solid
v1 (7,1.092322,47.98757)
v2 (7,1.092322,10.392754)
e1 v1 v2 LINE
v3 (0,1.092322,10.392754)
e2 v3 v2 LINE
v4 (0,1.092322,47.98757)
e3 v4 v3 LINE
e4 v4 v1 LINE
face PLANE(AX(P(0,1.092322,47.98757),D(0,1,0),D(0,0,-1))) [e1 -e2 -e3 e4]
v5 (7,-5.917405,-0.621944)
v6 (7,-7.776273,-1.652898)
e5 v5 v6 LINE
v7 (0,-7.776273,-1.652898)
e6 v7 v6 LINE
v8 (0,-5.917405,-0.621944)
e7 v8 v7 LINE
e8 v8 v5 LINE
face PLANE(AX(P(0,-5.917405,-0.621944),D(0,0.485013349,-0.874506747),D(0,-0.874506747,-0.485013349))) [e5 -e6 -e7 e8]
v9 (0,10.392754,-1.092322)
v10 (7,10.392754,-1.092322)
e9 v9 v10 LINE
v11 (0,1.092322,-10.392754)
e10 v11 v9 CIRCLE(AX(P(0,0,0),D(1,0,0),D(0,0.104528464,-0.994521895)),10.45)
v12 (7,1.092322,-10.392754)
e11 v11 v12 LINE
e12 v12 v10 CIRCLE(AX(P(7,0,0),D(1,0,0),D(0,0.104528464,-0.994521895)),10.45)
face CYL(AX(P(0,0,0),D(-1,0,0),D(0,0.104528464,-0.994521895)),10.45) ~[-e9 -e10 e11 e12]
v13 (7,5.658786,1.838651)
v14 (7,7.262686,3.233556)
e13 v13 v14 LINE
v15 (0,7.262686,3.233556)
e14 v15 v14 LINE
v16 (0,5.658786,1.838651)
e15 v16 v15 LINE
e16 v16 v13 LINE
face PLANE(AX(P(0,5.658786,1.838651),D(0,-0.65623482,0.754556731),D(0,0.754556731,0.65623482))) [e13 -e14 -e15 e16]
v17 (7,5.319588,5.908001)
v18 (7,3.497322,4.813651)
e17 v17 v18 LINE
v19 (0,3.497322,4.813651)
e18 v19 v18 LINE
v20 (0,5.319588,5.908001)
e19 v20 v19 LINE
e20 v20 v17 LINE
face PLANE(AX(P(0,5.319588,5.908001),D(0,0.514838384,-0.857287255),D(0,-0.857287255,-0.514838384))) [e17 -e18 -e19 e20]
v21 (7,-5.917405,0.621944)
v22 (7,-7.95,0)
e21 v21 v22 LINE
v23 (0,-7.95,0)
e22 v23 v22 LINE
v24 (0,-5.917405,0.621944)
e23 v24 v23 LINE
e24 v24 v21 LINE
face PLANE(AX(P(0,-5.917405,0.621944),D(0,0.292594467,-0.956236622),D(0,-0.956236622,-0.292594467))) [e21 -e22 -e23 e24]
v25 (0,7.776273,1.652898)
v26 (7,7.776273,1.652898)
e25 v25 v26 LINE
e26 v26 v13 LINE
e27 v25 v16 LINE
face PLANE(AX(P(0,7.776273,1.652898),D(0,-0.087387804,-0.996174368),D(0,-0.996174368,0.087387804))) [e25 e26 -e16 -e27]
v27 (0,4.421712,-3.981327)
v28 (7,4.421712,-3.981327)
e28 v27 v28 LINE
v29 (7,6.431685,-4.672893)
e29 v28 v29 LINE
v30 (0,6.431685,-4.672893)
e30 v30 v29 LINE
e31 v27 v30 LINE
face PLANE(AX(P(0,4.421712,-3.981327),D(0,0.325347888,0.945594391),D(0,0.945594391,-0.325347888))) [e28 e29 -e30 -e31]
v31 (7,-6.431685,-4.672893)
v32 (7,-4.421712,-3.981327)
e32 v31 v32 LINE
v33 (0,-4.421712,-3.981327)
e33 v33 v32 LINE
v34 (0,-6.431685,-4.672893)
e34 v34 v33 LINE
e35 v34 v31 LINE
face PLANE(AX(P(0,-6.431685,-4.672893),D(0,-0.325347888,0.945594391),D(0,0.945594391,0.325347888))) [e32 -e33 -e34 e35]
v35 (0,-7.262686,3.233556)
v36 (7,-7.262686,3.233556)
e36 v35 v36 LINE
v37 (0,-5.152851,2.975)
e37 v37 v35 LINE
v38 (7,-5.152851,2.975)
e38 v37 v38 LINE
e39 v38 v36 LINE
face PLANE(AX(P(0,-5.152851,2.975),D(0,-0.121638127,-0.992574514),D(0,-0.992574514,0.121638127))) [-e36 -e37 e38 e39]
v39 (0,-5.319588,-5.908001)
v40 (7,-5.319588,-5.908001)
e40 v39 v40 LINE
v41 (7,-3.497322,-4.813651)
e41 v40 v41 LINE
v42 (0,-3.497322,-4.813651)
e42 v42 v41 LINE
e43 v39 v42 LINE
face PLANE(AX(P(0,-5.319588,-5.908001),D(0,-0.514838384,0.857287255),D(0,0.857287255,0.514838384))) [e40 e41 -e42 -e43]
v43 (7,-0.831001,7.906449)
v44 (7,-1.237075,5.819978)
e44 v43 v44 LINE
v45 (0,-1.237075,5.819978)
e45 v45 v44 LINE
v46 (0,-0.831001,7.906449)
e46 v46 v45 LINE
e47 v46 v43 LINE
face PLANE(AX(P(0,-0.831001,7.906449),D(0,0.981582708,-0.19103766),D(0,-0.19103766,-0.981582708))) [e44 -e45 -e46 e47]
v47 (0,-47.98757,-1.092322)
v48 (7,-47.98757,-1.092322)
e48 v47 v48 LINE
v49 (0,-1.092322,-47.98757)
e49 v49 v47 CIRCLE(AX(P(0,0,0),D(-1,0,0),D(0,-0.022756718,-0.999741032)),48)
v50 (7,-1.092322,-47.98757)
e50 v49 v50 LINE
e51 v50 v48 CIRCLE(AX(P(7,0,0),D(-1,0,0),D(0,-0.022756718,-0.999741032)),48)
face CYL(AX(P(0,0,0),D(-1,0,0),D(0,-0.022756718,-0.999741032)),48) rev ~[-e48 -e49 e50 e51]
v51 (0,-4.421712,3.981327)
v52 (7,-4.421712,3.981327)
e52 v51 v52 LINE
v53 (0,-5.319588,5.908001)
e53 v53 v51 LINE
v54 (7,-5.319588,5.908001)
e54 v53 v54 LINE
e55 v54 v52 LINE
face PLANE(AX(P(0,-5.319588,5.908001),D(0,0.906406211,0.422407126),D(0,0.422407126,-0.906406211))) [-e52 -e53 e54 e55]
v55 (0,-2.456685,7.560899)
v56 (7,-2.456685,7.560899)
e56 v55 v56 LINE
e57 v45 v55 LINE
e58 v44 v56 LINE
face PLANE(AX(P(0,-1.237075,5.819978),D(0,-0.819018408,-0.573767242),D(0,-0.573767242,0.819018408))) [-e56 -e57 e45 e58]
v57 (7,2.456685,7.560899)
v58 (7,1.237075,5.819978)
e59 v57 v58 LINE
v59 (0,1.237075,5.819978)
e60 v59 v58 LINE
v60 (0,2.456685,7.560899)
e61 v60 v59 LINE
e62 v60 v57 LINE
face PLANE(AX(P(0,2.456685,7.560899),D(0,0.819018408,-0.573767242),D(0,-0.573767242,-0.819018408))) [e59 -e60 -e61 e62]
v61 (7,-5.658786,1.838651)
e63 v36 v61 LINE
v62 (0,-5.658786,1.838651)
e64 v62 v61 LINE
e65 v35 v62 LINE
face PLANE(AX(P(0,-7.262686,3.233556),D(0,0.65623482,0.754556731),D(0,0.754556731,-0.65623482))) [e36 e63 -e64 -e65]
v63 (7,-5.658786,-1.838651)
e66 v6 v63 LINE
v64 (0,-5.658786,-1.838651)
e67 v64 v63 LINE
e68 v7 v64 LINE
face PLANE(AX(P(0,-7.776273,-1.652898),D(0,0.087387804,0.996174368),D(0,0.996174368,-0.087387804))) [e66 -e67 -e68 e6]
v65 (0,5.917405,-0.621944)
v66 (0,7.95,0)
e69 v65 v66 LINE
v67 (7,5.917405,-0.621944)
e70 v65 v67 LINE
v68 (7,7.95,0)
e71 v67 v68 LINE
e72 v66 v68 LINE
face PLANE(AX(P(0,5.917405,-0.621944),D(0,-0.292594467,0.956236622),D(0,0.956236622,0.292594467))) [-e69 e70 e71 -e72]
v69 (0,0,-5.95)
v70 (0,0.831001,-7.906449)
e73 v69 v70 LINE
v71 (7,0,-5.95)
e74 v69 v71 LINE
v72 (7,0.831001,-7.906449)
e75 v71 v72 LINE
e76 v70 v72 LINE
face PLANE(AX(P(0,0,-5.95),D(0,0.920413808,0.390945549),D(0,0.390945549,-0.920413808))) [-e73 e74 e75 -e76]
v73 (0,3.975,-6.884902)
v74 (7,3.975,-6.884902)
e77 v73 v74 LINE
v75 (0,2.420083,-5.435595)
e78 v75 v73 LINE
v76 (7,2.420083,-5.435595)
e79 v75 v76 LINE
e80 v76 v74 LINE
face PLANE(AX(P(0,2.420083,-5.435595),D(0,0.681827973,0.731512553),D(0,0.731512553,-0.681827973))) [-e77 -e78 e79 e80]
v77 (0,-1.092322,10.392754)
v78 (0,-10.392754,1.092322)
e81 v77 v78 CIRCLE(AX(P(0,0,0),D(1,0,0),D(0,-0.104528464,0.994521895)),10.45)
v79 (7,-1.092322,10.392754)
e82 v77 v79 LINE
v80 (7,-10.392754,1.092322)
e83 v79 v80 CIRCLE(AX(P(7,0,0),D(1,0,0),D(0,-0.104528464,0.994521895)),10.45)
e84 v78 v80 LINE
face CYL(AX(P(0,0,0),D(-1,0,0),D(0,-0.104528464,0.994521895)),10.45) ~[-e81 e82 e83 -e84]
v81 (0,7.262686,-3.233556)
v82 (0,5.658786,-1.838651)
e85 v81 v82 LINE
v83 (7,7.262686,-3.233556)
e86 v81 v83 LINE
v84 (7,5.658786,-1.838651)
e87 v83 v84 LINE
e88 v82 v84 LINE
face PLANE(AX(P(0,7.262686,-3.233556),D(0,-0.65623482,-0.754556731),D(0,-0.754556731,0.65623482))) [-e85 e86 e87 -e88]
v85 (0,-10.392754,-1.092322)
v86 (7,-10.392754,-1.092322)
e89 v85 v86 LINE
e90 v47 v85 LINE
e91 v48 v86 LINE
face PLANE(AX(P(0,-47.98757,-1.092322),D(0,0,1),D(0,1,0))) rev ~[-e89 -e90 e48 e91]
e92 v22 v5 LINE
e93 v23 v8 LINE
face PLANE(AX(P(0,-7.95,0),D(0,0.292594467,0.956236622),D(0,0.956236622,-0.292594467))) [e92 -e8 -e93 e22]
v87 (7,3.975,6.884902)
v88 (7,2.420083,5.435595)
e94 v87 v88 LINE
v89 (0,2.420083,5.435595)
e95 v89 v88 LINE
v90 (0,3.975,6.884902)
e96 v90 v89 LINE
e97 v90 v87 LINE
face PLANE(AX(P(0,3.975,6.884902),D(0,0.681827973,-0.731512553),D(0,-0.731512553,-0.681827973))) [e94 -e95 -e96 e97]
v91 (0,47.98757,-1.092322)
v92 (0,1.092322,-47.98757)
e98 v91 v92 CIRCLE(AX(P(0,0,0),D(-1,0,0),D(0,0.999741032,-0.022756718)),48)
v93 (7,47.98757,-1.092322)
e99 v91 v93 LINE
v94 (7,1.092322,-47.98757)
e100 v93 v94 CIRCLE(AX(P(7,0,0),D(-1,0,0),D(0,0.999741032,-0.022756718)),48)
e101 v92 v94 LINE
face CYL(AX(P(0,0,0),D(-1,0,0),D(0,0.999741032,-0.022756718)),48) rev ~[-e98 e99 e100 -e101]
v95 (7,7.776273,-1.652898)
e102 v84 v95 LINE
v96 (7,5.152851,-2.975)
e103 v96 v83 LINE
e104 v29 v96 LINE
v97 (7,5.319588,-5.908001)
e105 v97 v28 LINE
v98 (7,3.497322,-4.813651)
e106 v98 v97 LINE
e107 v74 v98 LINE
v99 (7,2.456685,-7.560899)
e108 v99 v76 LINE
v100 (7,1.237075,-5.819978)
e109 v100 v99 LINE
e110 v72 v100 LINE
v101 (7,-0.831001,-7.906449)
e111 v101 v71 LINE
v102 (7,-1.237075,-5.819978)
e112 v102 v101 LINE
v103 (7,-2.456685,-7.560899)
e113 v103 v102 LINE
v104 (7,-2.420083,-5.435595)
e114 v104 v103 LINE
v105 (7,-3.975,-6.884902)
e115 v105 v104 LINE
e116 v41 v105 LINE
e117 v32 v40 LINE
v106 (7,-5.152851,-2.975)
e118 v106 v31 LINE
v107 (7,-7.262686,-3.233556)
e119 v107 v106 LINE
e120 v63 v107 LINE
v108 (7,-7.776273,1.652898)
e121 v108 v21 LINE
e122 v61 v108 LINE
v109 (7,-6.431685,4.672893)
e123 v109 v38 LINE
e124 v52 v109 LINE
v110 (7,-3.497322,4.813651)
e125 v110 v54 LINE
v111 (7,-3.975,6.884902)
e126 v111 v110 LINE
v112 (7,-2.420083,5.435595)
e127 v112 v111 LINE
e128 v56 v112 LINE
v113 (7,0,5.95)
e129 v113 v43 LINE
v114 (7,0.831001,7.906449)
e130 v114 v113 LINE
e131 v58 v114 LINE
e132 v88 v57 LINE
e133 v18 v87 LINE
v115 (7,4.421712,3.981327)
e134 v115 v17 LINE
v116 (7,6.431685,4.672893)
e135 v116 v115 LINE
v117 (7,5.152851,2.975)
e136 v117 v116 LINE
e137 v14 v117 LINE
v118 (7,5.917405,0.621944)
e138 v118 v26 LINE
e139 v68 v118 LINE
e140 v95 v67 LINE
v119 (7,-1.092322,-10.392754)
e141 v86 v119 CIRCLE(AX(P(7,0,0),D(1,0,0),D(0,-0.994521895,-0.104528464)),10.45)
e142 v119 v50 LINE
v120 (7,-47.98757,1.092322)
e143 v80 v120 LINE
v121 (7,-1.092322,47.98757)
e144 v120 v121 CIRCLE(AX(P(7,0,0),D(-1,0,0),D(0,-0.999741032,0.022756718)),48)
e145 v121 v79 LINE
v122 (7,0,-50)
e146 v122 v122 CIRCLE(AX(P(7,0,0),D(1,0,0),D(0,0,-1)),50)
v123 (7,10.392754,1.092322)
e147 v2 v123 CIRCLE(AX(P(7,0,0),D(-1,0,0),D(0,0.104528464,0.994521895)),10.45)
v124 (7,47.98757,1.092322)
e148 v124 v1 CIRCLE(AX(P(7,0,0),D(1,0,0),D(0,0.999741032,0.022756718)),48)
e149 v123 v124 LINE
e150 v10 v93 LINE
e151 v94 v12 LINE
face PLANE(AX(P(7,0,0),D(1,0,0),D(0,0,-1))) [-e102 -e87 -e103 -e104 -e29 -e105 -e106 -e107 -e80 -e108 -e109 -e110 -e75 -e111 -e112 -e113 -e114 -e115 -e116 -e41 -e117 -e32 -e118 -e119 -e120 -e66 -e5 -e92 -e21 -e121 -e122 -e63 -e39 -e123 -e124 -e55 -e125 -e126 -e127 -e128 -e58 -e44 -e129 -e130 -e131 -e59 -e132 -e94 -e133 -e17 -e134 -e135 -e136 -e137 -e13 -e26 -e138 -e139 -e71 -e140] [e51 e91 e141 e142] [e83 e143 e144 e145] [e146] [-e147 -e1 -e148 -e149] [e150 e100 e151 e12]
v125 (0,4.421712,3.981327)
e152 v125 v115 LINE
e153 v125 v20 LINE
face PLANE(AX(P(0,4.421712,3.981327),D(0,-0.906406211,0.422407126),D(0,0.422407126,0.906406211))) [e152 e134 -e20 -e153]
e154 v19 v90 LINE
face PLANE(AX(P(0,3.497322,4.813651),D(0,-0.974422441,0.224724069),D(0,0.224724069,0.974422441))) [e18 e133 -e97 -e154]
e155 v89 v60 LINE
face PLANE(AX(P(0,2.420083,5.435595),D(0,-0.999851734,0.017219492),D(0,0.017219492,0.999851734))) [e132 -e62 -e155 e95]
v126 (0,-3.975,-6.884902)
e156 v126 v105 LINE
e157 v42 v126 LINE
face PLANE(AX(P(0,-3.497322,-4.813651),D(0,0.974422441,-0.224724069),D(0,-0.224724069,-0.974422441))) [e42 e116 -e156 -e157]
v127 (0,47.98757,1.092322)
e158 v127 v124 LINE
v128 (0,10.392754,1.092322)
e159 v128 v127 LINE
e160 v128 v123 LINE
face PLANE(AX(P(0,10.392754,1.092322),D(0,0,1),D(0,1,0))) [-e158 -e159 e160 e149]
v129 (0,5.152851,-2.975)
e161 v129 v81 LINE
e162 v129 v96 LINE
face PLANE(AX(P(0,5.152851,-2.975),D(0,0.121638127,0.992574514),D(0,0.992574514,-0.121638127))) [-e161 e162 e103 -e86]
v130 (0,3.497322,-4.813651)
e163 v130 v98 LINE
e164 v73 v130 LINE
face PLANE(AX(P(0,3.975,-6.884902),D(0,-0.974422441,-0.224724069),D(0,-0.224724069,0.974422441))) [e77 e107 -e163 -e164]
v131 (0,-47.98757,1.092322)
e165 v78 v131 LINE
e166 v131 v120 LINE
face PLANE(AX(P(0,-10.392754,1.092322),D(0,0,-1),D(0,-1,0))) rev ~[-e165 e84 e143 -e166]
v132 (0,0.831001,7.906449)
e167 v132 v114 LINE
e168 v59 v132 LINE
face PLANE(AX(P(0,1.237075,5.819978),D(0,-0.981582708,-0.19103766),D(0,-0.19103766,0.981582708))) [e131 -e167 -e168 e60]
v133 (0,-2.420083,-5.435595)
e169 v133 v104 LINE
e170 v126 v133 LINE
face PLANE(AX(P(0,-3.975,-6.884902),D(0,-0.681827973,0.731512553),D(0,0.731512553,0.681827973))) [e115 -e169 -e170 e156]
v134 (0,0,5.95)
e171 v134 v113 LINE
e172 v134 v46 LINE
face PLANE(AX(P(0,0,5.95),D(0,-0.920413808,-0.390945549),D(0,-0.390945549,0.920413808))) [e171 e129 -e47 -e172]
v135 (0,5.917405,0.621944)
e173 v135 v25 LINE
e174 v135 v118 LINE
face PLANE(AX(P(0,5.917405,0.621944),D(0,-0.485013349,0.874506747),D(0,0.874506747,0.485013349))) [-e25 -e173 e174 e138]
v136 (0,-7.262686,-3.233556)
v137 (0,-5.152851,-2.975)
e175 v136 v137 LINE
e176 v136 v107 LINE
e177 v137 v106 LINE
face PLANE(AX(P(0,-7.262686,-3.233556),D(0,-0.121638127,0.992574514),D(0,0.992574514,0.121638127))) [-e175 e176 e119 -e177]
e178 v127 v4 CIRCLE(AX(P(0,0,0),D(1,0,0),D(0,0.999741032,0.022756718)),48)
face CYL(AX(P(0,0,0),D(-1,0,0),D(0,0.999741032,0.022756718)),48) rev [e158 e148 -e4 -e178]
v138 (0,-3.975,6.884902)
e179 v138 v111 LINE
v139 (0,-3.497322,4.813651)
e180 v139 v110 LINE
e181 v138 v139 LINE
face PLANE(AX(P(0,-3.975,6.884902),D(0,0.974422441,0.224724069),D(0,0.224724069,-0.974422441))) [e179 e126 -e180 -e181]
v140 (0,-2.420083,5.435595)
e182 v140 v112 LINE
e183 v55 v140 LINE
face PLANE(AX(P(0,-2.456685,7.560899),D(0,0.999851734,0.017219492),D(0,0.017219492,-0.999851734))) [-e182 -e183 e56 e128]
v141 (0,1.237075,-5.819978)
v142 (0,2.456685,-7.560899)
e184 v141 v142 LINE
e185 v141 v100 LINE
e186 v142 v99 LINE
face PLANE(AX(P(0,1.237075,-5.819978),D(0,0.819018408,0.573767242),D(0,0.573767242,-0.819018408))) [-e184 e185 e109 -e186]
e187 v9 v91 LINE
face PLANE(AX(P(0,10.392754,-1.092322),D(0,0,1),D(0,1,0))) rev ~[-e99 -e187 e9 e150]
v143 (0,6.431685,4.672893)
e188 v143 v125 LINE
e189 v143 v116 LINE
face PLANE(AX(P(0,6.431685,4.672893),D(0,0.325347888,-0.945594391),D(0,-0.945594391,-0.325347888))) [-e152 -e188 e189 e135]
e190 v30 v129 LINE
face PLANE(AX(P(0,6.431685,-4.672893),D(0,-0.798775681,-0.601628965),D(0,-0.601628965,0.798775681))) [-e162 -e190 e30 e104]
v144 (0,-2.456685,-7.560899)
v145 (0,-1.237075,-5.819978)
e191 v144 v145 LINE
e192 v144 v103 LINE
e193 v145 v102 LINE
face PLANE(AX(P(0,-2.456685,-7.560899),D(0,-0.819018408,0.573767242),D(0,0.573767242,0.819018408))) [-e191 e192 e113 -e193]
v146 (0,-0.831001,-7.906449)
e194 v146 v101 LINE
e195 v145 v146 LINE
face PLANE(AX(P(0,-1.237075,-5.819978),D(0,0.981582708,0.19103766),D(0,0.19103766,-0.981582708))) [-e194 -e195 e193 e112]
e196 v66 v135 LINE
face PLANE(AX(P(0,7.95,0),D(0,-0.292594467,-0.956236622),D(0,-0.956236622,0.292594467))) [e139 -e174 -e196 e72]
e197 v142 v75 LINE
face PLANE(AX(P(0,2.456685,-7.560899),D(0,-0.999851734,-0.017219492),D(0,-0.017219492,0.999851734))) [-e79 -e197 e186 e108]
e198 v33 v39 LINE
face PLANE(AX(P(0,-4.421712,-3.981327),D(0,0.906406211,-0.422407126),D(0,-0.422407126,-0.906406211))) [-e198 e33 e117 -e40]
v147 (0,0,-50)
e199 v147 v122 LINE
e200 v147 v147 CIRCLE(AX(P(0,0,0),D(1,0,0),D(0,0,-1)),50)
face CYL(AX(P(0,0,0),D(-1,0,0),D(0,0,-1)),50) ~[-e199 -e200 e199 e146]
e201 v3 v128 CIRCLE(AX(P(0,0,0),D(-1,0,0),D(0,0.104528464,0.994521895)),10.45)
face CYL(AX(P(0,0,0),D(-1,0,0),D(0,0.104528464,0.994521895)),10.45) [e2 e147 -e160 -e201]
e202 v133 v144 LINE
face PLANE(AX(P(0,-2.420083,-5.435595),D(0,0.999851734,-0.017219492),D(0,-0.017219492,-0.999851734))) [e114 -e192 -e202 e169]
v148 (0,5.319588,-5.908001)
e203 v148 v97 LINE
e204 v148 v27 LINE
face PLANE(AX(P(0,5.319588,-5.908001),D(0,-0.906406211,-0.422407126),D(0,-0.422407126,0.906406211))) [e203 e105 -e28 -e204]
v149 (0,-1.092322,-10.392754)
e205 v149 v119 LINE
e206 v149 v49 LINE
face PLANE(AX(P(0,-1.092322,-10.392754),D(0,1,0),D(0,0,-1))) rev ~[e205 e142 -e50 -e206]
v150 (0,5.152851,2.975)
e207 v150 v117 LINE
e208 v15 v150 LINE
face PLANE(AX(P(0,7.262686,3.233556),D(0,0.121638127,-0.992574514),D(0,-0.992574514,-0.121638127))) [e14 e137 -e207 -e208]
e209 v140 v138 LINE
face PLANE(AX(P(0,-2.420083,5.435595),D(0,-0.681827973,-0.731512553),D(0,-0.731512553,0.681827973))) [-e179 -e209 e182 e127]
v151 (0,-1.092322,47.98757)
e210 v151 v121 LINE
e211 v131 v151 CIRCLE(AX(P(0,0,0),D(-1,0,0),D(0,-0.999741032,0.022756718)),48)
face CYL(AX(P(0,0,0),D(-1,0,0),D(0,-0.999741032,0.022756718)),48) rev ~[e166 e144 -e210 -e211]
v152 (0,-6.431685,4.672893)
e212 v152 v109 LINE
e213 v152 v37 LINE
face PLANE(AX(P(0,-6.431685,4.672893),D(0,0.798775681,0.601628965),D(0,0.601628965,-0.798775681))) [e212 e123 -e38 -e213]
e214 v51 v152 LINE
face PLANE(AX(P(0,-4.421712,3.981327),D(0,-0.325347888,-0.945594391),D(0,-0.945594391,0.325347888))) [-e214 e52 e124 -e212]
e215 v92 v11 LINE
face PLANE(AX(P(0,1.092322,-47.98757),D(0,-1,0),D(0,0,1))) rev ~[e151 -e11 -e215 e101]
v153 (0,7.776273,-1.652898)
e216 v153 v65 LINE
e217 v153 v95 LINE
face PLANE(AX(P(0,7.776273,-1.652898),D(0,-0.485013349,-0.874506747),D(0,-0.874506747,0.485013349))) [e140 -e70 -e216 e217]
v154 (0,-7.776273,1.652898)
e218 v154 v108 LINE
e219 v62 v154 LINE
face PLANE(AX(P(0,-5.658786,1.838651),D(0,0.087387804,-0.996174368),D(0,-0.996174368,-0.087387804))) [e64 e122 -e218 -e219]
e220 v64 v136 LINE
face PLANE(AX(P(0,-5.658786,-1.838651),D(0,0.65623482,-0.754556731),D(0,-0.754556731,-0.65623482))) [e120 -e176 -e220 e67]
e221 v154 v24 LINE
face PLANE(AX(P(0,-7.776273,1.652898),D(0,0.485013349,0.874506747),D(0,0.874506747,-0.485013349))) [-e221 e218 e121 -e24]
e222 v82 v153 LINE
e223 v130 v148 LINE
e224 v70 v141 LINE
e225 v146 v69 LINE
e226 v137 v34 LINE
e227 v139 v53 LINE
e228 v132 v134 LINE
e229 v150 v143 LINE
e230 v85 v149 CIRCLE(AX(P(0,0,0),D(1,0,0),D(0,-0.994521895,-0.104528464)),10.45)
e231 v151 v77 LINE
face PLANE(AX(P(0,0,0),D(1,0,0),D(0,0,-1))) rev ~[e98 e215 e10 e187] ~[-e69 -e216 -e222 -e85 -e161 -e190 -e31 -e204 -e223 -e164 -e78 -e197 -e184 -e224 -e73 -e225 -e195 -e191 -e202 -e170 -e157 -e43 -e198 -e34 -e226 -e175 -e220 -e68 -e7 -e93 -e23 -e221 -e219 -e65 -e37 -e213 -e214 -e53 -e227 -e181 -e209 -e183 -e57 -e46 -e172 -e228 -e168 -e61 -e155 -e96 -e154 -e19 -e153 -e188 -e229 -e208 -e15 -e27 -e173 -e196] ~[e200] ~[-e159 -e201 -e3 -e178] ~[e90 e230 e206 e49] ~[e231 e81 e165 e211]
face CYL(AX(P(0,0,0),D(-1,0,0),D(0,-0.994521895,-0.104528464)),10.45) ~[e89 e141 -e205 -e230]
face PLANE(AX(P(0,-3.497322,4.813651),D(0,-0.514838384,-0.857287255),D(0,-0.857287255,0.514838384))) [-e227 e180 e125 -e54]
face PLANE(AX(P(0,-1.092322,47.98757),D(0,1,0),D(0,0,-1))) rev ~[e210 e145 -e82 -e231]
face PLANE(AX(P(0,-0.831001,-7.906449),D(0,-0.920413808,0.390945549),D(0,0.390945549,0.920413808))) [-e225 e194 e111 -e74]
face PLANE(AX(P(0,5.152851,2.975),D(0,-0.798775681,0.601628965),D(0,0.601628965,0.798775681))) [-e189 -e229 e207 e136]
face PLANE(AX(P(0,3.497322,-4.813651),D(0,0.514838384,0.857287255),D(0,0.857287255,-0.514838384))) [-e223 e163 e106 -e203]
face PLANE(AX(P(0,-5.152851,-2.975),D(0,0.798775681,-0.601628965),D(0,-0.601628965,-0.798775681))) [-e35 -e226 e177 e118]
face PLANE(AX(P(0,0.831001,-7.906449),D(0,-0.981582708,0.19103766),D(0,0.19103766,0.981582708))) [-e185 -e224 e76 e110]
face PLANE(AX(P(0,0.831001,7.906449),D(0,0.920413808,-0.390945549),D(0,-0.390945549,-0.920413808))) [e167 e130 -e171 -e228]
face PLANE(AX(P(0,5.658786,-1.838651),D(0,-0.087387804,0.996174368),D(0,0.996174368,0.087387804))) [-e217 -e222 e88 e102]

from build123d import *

# Parameters (mm, degrees)
SKETCH3_R           = 50
BOSS_EXTRUDE2_DEPTH = 7


with BuildPart() as part:
    # Sketch3 → Boss-Extrude2 (new body)
    with BuildSketch(Plane(origin=(0, 0, 0), x_dir=(0, 0, -1), z_dir=(1, 0, 0))):
        Circle(SKETCH3_R)
        Polygon((0, 7.95), (-0.621944356, 5.917405277), (-1.652897942, 7.776273426), (-1.838651117, 5.658786272), (-3.233556312, 7.262686388), (-2.975, 5.152851153), (-4.672892756, 6.431685105), (-3.981327108, 4.421711712), (-5.908001363, 5.319588321), (-4.813651117, 3.497322251), (-6.88490196, 3.975), (-5.435595473, 2.420083026), (-7.560899305, 2.456685105), (-5.819978224, 1.23707456), (-7.906449068, 0.831001283), (-5.95, 0), (-7.906449068, -0.831001283), (-5.819978224, -1.23707456), (-7.560899305, -2.456685105), (-5.435595473, -2.420083026), (-6.88490196, -3.975), (-4.813651117, -3.497322251), (-5.908001363, -5.319588321), (-3.981327108, -4.421711712), (-4.672892756, -6.431685105), (-2.975, -5.152851153), (-3.233556312, -7.262686388), (-1.838651117, -5.658786272), (-1.652897942, -7.776273426), (-0.621944356, -5.917405277), (0, -7.95), (0.621944356, -5.917405277), (1.652897942, -7.776273426), (1.838651117, -5.658786272), (3.233556312, -7.262686388), (2.975, -5.152851153), (4.672892756, -6.431685105), (3.981327108, -4.421711712), (5.908001363, -5.319588321), (4.813651117, -3.497322251), (6.88490196, -3.975), (5.435595473, -2.420083026), (7.560899305, -2.456685105), (5.819978224, -1.23707456), (7.906449068, -0.831001283), (5.95, 0), (7.906449068, 0.831001283), (5.819978224, 1.23707456), (7.560899305, 2.456685105), (5.435595473, 2.420083026), (6.88490196, 3.975), (4.813651117, 3.497322251), (5.908001363, 5.319588321), (3.981327108, 4.421711712), (4.672892756, 6.431685105), (2.975, 5.152851153), (3.233556312, 7.262686388), (1.838651117, 5.658786272), (1.652897942, 7.776273426), (0.621944356, 5.917405277), align=None, mode=Mode.SUBTRACT)
        with BuildLine():
            Line((-1.092322441, 10.392753807), (-1.092322441, 47.987569554))
            ThreePointArc((-1.092322441, 47.987569554), (-33.941125497, 33.941125497), (-47.987569554, 1.092322441))
            Line((-47.987569554, 1.092322441), (-10.392753807, 1.092322441))
            ThreePointArc((-10.392753807, 1.092322441), (-7.389265863, 7.389265863), (-1.092322441, 10.392753807))
        make_face(mode=Mode.SUBTRACT)
        with BuildLine():
            Line((1.092322441, 10.392753807), (1.092322441, 47.987569554))
            ThreePointArc((1.092322441, 47.987569554), (33.941125497, 33.941125497), (47.987569554, 1.092322441))
            Line((47.987569554, 1.092322441), (10.392753807, 1.092322441))
            ThreePointArc((10.392753807, 1.092322441), (7.389265863, 7.389265863), (1.092322441, 10.392753807))
        make_face(mode=Mode.SUBTRACT)
        with BuildLine():
            Line((10.392753807, -1.092322441), (47.987569554, -1.092322441))
            ThreePointArc((47.987569554, -1.092322441), (33.941125497, -33.941125497), (1.092322441, -47.987569554))
            Line((1.092322441, -47.987569554), (1.092322441, -10.392753807))
            ThreePointArc((1.092322441, -10.392753807), (7.389265863, -7.389265863), (10.392753807, -1.092322441))
        make_face(mode=Mode.SUBTRACT)
        with BuildLine():
            Line((-1.092322441, -10.392753807), (-1.092322441, -47.987569554))
            ThreePointArc((-1.092322441, -47.987569554), (-33.941125497, -33.941125497), (-47.987569554, -1.092322441))
            Line((-47.987569554, -1.092322441), (-10.392753807, -1.092322441))
            ThreePointArc((-10.392753807, -1.092322441), (-7.389265863, -7.389265863), (-1.092322441, -10.392753807))
        make_face(mode=Mode.SUBTRACT)
    extrude(amount=BOSS_EXTRUDE2_DEPTH)


solid = part.part
